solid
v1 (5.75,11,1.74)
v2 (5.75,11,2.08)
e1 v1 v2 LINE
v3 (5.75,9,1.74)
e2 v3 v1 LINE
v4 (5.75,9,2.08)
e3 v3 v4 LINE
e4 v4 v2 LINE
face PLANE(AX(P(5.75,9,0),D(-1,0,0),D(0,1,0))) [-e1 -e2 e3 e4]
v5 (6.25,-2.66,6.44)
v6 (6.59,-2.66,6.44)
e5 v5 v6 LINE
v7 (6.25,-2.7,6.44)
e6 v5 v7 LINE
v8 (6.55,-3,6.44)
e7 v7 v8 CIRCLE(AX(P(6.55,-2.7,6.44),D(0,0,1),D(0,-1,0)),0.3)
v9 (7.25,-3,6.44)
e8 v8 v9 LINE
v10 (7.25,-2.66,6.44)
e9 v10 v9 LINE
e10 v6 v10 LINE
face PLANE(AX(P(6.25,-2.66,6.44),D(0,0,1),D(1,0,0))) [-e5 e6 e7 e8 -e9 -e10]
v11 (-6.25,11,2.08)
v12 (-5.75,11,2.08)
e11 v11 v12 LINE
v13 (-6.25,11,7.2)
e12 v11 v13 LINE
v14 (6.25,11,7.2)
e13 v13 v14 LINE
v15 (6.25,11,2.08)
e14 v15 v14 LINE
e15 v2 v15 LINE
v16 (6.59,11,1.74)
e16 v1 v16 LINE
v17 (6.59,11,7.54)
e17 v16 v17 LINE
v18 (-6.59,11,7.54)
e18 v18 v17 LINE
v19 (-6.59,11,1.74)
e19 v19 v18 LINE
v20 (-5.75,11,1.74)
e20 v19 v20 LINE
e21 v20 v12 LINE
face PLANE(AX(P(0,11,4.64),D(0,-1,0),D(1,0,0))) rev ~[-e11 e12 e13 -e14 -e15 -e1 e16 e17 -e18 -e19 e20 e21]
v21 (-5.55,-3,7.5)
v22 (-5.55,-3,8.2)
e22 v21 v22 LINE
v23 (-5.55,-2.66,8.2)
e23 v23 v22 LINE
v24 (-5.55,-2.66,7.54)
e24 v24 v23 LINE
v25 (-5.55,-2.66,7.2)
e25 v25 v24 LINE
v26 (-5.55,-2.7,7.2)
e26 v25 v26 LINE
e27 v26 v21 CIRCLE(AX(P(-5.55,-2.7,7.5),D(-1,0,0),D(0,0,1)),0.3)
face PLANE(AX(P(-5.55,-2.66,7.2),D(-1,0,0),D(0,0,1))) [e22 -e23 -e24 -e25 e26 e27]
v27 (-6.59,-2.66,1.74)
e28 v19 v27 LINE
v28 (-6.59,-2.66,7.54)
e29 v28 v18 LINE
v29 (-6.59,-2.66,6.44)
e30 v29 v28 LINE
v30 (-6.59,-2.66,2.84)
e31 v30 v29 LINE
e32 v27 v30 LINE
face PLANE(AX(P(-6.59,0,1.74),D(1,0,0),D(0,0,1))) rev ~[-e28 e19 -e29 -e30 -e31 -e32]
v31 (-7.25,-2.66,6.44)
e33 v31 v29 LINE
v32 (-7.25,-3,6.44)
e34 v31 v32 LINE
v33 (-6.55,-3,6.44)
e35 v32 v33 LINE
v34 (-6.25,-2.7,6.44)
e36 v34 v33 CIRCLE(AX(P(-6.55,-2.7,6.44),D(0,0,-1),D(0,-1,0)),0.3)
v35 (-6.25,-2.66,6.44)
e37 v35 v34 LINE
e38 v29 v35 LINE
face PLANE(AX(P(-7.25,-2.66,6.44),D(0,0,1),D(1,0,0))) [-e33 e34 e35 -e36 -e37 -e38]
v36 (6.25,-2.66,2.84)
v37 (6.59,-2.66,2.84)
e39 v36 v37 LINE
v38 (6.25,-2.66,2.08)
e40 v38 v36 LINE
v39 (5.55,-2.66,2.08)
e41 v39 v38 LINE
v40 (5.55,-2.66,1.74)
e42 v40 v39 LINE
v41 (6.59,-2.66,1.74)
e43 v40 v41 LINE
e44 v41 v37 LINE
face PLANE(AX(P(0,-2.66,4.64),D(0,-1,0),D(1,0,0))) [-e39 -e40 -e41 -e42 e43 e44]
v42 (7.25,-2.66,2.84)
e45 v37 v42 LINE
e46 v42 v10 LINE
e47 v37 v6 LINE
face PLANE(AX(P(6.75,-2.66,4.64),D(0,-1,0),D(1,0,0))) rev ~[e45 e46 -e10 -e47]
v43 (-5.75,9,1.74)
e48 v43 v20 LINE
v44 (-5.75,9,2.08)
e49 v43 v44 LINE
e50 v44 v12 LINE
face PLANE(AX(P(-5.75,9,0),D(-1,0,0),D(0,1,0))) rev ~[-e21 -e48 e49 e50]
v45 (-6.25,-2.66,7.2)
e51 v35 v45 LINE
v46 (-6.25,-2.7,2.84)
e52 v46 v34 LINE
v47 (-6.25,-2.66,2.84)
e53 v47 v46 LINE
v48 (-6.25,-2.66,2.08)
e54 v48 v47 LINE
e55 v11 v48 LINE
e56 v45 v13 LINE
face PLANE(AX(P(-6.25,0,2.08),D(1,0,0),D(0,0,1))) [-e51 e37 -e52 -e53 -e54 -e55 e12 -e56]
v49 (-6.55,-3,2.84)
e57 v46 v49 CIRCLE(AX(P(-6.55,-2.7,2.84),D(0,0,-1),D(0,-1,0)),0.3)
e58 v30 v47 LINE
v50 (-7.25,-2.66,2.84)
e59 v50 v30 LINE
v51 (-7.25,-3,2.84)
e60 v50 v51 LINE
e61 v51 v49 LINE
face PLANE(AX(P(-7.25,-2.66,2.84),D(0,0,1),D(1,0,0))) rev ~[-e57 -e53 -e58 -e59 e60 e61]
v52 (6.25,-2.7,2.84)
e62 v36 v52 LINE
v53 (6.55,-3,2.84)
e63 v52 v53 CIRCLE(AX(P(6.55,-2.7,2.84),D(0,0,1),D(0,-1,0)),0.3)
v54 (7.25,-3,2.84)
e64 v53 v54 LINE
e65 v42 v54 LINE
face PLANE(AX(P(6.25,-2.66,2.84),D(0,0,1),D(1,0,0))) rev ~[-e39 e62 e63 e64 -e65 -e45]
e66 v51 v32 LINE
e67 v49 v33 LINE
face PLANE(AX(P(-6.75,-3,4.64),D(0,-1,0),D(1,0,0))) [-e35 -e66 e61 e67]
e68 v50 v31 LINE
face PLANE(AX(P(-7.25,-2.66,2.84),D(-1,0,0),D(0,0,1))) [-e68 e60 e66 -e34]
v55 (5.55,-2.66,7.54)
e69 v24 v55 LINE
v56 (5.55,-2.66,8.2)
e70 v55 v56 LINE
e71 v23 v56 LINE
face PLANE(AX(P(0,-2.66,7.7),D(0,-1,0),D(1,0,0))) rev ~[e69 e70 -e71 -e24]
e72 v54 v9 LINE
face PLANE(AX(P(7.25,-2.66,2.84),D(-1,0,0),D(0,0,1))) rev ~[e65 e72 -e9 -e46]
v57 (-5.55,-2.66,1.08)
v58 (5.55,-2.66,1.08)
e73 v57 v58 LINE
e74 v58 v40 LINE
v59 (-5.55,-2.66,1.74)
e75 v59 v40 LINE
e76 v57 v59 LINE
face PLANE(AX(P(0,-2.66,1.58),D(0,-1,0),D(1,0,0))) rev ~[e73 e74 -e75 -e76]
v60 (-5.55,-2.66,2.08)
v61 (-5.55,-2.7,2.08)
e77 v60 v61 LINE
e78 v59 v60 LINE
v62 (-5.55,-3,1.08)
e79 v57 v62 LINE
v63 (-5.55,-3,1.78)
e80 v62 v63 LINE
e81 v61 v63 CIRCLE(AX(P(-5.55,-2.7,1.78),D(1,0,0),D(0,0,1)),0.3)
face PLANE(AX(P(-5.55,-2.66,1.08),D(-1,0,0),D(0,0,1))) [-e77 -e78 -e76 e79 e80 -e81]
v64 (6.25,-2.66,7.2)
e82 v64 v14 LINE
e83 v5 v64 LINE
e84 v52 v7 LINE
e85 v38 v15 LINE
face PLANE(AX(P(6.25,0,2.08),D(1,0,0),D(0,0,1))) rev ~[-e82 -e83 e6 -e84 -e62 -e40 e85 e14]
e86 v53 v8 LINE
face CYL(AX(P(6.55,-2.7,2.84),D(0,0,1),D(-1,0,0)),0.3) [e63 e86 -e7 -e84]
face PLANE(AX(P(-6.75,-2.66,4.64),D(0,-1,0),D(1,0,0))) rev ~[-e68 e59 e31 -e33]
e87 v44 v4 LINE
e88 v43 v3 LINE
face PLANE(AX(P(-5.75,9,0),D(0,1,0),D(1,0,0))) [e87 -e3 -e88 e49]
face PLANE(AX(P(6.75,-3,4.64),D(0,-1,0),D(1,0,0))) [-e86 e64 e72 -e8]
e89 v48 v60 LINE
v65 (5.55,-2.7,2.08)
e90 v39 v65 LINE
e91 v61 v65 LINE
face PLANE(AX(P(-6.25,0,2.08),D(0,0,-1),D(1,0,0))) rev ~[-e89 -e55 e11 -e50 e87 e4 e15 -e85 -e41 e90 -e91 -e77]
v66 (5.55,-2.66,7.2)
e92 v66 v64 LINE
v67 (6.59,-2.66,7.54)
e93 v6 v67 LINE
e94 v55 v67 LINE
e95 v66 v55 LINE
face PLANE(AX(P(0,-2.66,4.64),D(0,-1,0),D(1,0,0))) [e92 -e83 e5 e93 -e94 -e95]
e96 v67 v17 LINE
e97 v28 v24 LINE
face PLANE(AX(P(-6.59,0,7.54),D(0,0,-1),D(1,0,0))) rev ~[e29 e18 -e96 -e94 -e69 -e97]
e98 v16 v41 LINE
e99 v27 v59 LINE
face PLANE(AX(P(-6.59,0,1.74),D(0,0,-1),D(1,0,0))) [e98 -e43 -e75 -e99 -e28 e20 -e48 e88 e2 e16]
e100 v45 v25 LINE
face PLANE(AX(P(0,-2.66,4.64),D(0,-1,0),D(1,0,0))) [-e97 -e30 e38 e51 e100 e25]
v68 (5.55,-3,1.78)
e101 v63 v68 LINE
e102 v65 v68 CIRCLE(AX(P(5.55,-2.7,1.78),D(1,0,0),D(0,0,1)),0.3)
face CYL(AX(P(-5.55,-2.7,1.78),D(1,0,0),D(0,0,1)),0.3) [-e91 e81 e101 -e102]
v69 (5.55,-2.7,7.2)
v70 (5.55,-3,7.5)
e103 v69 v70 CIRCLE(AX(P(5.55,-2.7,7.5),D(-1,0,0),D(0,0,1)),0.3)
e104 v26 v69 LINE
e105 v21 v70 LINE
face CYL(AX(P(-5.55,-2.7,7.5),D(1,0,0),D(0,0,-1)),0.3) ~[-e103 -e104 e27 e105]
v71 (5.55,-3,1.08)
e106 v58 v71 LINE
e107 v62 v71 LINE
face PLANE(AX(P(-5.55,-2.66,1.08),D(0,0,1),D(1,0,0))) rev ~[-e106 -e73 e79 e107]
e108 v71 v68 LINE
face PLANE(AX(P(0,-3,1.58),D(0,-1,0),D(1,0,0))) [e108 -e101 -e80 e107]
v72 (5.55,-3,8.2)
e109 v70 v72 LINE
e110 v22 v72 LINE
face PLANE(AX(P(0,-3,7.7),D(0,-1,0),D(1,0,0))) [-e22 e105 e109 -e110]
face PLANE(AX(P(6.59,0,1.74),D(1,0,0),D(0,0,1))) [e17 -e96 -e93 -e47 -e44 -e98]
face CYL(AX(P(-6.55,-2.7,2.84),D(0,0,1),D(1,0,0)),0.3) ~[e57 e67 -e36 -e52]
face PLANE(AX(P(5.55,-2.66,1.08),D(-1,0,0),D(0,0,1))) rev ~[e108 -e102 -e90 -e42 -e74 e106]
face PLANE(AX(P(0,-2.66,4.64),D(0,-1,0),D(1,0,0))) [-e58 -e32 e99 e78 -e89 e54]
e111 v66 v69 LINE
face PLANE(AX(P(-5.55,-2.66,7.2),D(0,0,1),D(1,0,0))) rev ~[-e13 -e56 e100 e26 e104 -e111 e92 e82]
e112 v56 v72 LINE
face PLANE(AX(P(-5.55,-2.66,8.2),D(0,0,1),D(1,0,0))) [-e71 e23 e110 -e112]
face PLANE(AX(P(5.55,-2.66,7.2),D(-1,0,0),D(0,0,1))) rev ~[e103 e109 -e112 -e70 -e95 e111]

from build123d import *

# Parameters (mm, degrees)
SKETCH009_W       = 13.18
SKETCH009_H       = 5.8
SKETCH009_W_2     = 12.5
SKETCH009_H_2     = 5.12
PAD005_DEPTH      = 2.66
PAD005_DEPTH_BACK = 11
SKETCH011_W       = 11.1
SKETCH011_H       = 1
SKETCH011_W_2     = 1
SKETCH011_H_2     = 3.6
PAD006_DEPTH      = 0.34
SKETCH012_W       = 11.5
SKETCH012_H       = 2
POCKET004_DEPTH   = 5
FILLET001_R       = 0.3


with BuildPart() as part:
    # Sketch009 → Pad005 (new body, two sides)
    with BuildSketch(Plane.XZ) as pad005_sk:
        with Locations((0, 4.64)):
            Rectangle(SKETCH009_W, SKETCH009_H)
        with Locations((0, 4.64)):
            Rectangle(SKETCH009_W_2, SKETCH009_H_2, mode=Mode.SUBTRACT)
    extrude(amount=PAD005_DEPTH)
    extrude(pad005_sk.sketch, amount=-PAD005_DEPTH_BACK)

    # Sketch011 → Pad006 (join)
    with BuildSketch(Plane.XZ.offset(2.66)):
        with Locations((0, 7.7)):
            Rectangle(SKETCH011_W, SKETCH011_H)
        with Locations((0, 1.58)):
            Rectangle(SKETCH011_W, SKETCH011_H)
        with Locations((-6.75, 4.64)):
            Rectangle(SKETCH011_W_2, SKETCH011_H_2)
        with Locations((6.75, 4.64)):
            Rectangle(SKETCH011_W_2, SKETCH011_H_2)
    extrude(amount=PAD006_DEPTH)

    # Sketch012 → Pocket004 (cut)
    with BuildSketch(Plane.XY):
        with Locations((0, 10)):
            Rectangle(SKETCH012_W, SKETCH012_H)
    extrude(amount=POCKET004_DEPTH, mode=Mode.SUBTRACT)

    # Fillet001
    fillet001_edges = [part.edges().sort_by_distance(p)[0] for p in [
        (-6.25, -3, 4.64),
        (0, -3, 7.2),
        (6.25, -3, 4.64),
        (0, -3, 2.08),
    ]]
    fillet(fillet001_edges, radius=FILLET001_R)


solid = part.part
